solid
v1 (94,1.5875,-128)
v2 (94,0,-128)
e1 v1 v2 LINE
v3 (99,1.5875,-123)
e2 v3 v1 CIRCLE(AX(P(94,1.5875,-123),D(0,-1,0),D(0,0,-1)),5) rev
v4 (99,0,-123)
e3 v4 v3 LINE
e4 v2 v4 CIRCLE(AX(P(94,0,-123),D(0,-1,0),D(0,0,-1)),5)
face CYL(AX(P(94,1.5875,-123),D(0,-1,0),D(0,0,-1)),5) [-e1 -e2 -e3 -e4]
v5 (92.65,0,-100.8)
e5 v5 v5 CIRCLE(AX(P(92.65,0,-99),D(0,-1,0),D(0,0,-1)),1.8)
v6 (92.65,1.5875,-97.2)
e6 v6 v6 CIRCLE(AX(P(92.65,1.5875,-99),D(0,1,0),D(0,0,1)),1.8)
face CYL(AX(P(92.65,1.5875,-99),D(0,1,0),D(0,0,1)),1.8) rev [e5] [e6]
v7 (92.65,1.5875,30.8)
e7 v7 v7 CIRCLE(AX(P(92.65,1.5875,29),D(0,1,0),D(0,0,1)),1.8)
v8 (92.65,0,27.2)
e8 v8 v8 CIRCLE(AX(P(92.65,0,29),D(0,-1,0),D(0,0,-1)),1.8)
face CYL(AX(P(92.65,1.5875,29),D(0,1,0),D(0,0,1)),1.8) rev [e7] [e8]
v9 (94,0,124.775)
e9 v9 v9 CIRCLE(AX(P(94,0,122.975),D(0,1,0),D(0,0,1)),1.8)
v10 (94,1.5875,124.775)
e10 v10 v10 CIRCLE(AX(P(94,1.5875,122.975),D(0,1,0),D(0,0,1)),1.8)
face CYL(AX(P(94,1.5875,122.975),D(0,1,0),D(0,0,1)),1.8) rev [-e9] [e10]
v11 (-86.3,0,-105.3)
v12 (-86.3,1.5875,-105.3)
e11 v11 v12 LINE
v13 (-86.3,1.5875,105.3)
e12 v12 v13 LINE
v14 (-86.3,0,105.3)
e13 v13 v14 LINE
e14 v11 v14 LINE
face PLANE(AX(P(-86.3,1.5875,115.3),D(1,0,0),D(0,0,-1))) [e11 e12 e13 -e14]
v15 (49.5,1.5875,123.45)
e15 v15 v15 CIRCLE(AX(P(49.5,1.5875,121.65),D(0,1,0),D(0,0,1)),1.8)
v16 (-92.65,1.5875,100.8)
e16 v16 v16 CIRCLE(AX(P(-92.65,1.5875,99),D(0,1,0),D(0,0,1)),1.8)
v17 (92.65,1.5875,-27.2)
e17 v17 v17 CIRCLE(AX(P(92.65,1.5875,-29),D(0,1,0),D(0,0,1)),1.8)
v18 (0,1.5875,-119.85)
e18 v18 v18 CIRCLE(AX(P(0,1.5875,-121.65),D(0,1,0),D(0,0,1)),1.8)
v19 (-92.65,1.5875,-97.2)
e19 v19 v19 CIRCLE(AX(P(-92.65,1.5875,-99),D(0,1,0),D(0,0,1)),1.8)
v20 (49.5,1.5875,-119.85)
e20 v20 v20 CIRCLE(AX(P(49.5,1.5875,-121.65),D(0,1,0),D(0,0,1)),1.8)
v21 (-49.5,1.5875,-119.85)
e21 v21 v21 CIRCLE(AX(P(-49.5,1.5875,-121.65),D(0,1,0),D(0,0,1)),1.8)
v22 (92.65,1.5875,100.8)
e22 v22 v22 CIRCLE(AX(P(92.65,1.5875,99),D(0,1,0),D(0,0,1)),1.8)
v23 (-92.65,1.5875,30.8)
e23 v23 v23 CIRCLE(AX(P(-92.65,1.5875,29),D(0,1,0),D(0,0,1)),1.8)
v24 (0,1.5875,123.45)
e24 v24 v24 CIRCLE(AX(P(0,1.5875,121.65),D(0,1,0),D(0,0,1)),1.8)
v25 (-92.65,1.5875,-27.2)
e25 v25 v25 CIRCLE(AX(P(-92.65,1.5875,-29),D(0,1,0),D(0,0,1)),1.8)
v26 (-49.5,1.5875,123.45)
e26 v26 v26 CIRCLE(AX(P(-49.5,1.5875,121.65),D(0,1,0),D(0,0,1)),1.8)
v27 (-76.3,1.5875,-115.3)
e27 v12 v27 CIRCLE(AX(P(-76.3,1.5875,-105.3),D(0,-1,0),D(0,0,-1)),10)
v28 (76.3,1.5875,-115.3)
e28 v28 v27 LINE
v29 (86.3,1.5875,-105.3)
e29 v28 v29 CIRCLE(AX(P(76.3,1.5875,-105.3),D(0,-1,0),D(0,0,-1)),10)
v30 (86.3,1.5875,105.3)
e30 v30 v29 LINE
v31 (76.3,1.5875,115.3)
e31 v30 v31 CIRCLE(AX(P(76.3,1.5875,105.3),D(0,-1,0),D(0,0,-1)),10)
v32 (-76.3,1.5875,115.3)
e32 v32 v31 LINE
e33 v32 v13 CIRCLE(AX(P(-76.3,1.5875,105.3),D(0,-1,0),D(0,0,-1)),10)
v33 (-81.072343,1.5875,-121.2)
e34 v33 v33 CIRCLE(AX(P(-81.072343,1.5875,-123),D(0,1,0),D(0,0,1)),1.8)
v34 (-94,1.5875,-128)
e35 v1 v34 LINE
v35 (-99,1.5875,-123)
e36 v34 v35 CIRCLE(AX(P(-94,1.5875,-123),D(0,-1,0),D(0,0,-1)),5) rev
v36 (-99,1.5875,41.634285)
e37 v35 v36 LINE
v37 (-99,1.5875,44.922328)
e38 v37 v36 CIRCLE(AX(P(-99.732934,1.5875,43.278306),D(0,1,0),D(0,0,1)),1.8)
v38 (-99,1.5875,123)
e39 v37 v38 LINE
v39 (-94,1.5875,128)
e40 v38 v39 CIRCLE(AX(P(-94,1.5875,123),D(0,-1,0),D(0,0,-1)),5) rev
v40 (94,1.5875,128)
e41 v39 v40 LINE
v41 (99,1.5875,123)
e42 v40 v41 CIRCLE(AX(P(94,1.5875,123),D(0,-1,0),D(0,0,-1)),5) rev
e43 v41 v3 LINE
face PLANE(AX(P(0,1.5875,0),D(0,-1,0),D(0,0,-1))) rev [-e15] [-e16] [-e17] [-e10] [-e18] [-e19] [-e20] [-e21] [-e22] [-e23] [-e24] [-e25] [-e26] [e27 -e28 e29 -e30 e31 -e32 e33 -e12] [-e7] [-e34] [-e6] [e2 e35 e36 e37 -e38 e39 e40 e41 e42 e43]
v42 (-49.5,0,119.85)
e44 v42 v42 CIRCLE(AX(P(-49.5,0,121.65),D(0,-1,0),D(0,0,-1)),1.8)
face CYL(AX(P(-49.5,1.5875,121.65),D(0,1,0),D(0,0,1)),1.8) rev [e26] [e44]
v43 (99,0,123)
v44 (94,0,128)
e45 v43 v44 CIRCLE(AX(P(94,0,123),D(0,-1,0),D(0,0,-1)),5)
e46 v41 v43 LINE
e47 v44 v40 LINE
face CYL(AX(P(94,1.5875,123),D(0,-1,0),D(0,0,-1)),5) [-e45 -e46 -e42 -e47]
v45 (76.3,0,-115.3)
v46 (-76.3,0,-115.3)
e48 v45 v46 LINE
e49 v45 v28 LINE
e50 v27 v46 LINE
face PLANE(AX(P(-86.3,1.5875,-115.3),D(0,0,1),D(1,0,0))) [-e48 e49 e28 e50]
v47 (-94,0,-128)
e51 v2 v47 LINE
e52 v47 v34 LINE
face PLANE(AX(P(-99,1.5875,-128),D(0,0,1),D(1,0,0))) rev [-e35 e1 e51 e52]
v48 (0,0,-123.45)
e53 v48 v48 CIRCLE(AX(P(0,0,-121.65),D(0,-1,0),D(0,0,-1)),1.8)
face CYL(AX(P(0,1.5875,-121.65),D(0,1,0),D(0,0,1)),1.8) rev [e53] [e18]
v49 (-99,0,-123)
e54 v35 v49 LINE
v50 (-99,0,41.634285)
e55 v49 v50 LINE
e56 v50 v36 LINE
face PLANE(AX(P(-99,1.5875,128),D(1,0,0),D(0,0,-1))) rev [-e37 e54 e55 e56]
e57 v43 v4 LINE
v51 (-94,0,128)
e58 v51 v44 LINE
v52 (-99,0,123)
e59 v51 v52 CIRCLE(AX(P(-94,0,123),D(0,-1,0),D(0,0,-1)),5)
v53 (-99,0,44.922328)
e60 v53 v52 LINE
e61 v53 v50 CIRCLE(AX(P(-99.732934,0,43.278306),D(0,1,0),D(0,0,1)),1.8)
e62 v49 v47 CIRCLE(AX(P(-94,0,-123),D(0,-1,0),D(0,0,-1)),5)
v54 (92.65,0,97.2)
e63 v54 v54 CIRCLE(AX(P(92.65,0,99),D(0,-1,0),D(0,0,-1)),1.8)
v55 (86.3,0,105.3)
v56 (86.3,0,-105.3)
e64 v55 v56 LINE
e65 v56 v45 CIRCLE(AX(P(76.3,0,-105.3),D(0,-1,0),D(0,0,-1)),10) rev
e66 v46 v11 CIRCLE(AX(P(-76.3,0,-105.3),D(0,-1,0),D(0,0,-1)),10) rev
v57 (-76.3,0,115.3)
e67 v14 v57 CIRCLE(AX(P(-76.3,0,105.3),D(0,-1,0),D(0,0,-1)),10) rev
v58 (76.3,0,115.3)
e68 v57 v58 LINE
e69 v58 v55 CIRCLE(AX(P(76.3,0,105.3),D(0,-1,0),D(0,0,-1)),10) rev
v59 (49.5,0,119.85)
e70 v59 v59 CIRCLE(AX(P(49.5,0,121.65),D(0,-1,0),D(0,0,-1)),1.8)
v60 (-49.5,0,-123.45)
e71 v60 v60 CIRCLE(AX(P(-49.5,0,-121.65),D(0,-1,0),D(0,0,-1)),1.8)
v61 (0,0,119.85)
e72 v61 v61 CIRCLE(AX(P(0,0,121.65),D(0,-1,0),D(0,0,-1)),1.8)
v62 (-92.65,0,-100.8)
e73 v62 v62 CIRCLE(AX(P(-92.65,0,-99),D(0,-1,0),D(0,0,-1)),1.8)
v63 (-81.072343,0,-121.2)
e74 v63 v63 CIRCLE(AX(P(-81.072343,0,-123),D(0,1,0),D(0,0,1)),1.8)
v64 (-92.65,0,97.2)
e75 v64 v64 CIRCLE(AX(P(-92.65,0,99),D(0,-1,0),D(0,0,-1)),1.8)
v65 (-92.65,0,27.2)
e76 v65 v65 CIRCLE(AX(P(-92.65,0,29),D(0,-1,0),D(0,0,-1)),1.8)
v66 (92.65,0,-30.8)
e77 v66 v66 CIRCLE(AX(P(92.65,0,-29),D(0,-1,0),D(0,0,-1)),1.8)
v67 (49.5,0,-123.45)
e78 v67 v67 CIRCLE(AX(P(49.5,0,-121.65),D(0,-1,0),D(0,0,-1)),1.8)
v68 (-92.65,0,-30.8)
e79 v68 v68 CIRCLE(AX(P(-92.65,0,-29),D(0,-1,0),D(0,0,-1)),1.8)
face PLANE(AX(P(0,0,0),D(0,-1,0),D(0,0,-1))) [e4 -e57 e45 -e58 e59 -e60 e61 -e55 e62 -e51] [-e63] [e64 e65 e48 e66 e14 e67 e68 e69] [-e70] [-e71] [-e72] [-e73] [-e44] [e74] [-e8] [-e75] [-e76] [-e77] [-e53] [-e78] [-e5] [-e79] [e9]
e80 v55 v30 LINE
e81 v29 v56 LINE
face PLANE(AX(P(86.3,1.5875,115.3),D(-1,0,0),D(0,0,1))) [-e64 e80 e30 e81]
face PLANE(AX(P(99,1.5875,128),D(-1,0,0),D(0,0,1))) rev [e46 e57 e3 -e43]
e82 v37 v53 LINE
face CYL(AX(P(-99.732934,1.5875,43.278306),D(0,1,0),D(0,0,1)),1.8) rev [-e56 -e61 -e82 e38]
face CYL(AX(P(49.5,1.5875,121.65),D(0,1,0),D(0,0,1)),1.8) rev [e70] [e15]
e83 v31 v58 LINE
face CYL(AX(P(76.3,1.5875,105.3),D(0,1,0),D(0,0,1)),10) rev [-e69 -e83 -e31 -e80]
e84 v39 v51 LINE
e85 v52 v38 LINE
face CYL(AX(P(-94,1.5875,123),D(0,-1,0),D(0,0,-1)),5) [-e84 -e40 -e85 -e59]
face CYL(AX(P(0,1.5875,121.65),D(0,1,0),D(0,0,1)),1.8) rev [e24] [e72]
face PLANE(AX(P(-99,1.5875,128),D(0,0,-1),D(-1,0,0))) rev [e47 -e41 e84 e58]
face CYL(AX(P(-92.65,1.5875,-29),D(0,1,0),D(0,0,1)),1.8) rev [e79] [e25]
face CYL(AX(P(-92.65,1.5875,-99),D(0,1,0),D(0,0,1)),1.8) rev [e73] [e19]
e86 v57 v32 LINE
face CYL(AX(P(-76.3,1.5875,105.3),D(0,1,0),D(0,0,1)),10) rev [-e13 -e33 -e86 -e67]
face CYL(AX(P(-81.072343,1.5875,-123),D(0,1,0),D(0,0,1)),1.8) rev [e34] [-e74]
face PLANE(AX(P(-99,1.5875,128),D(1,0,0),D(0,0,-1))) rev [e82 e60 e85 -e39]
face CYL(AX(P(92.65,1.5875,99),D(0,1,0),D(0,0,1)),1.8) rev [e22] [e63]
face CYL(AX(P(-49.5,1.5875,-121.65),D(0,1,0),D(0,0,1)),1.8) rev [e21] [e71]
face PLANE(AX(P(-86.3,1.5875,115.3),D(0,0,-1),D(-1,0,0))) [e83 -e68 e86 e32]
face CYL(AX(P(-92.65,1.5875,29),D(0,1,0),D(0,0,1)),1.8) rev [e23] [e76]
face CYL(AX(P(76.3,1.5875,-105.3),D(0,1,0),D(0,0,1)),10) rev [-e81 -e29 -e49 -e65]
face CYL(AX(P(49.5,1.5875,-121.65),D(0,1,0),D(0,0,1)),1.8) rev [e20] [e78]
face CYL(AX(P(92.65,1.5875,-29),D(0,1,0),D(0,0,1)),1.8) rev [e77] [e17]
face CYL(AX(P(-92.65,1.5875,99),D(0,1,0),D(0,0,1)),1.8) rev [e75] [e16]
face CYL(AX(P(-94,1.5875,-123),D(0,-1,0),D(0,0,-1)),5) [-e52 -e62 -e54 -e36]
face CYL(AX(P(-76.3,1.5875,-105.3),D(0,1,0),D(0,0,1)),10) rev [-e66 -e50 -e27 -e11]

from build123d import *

# Parameters (mm, degrees)
SKETCH1_W            = 198
SKETCH1_H            = 256
SKETCH1_W_2          = 172.6
SKETCH1_H_2          = 230.6
MAINBODY_DEPTH       = 1.5875
M3_CLEARANCE_HOLE1_D = 3.6
INSIDEFILLET_R       = 10
FILLET2_R            = 5
M3_CLEARANCE_HOLE2_D = 3.6


with BuildPart() as part:
    # Sketch1 → MainBody (new body)
    with BuildSketch(Plane(origin=(0, 0, 0), x_dir=(1, 0, 0), z_dir=(0, 1, 0))):
        Rectangle(SKETCH1_W, SKETCH1_H)
        Rectangle(SKETCH1_W_2, SKETCH1_H_2, mode=Mode.SUBTRACT)
    extrude(amount=MAINBODY_DEPTH)

    # M3 Clearance Hole1 (through all)
    with Locations(Plane(origin=(0, 1.5875, 0), x_dir=(1, 0, 0), z_dir=(0, 1, 0))):
        with Locations((-92.65, 99), (-92.65, 29), (-92.65, -29), (-92.65, -99), (92.65, -99), (92.65, -29), (92.65, 29), (92.65, 99), (0, 121.65), (-49.5, 121.65), (49.5, -121.65), (0, -121.65), (-49.5, -121.65), (49.5, 121.65)):
            Hole(M3_CLEARANCE_HOLE1_D / 2)

    # InsideFillet
    insidefillet_edges = [part.edges().sort_by_distance(p)[0] for p in [
        (86.3, 0.79375, 115.3),
        (86.3, 0.79375, -115.3),
        (-86.3, 0.79375, -115.3),
        (-86.3, 0.79375, 115.3),
    ]]
    fillet(insidefillet_edges, radius=INSIDEFILLET_R)

    # Fillet2
    fillet2_edges = [part.edges().sort_by_distance(p)[0] for p in [
        (99, 0.79375, 128),
        (-99, 0.79375, 128),
        (-99, 0.79375, -128),
        (99, 0.79375, -128),
    ]]
    fillet(fillet2_edges, radius=FILLET2_R)

    # M3 Clearance Hole2 (through all)
    with Locations(Plane(origin=(0, 1.5875, 0), x_dir=(1, 0, 0), z_dir=(0, 1, 0))):
        with Locations((-81.072343025, 123), (106.927656975, 123), (94, -122.975), (-99.732934362, -43.278306391)):
            Hole(M3_CLEARANCE_HOLE2_D / 2)


solid = part.part
